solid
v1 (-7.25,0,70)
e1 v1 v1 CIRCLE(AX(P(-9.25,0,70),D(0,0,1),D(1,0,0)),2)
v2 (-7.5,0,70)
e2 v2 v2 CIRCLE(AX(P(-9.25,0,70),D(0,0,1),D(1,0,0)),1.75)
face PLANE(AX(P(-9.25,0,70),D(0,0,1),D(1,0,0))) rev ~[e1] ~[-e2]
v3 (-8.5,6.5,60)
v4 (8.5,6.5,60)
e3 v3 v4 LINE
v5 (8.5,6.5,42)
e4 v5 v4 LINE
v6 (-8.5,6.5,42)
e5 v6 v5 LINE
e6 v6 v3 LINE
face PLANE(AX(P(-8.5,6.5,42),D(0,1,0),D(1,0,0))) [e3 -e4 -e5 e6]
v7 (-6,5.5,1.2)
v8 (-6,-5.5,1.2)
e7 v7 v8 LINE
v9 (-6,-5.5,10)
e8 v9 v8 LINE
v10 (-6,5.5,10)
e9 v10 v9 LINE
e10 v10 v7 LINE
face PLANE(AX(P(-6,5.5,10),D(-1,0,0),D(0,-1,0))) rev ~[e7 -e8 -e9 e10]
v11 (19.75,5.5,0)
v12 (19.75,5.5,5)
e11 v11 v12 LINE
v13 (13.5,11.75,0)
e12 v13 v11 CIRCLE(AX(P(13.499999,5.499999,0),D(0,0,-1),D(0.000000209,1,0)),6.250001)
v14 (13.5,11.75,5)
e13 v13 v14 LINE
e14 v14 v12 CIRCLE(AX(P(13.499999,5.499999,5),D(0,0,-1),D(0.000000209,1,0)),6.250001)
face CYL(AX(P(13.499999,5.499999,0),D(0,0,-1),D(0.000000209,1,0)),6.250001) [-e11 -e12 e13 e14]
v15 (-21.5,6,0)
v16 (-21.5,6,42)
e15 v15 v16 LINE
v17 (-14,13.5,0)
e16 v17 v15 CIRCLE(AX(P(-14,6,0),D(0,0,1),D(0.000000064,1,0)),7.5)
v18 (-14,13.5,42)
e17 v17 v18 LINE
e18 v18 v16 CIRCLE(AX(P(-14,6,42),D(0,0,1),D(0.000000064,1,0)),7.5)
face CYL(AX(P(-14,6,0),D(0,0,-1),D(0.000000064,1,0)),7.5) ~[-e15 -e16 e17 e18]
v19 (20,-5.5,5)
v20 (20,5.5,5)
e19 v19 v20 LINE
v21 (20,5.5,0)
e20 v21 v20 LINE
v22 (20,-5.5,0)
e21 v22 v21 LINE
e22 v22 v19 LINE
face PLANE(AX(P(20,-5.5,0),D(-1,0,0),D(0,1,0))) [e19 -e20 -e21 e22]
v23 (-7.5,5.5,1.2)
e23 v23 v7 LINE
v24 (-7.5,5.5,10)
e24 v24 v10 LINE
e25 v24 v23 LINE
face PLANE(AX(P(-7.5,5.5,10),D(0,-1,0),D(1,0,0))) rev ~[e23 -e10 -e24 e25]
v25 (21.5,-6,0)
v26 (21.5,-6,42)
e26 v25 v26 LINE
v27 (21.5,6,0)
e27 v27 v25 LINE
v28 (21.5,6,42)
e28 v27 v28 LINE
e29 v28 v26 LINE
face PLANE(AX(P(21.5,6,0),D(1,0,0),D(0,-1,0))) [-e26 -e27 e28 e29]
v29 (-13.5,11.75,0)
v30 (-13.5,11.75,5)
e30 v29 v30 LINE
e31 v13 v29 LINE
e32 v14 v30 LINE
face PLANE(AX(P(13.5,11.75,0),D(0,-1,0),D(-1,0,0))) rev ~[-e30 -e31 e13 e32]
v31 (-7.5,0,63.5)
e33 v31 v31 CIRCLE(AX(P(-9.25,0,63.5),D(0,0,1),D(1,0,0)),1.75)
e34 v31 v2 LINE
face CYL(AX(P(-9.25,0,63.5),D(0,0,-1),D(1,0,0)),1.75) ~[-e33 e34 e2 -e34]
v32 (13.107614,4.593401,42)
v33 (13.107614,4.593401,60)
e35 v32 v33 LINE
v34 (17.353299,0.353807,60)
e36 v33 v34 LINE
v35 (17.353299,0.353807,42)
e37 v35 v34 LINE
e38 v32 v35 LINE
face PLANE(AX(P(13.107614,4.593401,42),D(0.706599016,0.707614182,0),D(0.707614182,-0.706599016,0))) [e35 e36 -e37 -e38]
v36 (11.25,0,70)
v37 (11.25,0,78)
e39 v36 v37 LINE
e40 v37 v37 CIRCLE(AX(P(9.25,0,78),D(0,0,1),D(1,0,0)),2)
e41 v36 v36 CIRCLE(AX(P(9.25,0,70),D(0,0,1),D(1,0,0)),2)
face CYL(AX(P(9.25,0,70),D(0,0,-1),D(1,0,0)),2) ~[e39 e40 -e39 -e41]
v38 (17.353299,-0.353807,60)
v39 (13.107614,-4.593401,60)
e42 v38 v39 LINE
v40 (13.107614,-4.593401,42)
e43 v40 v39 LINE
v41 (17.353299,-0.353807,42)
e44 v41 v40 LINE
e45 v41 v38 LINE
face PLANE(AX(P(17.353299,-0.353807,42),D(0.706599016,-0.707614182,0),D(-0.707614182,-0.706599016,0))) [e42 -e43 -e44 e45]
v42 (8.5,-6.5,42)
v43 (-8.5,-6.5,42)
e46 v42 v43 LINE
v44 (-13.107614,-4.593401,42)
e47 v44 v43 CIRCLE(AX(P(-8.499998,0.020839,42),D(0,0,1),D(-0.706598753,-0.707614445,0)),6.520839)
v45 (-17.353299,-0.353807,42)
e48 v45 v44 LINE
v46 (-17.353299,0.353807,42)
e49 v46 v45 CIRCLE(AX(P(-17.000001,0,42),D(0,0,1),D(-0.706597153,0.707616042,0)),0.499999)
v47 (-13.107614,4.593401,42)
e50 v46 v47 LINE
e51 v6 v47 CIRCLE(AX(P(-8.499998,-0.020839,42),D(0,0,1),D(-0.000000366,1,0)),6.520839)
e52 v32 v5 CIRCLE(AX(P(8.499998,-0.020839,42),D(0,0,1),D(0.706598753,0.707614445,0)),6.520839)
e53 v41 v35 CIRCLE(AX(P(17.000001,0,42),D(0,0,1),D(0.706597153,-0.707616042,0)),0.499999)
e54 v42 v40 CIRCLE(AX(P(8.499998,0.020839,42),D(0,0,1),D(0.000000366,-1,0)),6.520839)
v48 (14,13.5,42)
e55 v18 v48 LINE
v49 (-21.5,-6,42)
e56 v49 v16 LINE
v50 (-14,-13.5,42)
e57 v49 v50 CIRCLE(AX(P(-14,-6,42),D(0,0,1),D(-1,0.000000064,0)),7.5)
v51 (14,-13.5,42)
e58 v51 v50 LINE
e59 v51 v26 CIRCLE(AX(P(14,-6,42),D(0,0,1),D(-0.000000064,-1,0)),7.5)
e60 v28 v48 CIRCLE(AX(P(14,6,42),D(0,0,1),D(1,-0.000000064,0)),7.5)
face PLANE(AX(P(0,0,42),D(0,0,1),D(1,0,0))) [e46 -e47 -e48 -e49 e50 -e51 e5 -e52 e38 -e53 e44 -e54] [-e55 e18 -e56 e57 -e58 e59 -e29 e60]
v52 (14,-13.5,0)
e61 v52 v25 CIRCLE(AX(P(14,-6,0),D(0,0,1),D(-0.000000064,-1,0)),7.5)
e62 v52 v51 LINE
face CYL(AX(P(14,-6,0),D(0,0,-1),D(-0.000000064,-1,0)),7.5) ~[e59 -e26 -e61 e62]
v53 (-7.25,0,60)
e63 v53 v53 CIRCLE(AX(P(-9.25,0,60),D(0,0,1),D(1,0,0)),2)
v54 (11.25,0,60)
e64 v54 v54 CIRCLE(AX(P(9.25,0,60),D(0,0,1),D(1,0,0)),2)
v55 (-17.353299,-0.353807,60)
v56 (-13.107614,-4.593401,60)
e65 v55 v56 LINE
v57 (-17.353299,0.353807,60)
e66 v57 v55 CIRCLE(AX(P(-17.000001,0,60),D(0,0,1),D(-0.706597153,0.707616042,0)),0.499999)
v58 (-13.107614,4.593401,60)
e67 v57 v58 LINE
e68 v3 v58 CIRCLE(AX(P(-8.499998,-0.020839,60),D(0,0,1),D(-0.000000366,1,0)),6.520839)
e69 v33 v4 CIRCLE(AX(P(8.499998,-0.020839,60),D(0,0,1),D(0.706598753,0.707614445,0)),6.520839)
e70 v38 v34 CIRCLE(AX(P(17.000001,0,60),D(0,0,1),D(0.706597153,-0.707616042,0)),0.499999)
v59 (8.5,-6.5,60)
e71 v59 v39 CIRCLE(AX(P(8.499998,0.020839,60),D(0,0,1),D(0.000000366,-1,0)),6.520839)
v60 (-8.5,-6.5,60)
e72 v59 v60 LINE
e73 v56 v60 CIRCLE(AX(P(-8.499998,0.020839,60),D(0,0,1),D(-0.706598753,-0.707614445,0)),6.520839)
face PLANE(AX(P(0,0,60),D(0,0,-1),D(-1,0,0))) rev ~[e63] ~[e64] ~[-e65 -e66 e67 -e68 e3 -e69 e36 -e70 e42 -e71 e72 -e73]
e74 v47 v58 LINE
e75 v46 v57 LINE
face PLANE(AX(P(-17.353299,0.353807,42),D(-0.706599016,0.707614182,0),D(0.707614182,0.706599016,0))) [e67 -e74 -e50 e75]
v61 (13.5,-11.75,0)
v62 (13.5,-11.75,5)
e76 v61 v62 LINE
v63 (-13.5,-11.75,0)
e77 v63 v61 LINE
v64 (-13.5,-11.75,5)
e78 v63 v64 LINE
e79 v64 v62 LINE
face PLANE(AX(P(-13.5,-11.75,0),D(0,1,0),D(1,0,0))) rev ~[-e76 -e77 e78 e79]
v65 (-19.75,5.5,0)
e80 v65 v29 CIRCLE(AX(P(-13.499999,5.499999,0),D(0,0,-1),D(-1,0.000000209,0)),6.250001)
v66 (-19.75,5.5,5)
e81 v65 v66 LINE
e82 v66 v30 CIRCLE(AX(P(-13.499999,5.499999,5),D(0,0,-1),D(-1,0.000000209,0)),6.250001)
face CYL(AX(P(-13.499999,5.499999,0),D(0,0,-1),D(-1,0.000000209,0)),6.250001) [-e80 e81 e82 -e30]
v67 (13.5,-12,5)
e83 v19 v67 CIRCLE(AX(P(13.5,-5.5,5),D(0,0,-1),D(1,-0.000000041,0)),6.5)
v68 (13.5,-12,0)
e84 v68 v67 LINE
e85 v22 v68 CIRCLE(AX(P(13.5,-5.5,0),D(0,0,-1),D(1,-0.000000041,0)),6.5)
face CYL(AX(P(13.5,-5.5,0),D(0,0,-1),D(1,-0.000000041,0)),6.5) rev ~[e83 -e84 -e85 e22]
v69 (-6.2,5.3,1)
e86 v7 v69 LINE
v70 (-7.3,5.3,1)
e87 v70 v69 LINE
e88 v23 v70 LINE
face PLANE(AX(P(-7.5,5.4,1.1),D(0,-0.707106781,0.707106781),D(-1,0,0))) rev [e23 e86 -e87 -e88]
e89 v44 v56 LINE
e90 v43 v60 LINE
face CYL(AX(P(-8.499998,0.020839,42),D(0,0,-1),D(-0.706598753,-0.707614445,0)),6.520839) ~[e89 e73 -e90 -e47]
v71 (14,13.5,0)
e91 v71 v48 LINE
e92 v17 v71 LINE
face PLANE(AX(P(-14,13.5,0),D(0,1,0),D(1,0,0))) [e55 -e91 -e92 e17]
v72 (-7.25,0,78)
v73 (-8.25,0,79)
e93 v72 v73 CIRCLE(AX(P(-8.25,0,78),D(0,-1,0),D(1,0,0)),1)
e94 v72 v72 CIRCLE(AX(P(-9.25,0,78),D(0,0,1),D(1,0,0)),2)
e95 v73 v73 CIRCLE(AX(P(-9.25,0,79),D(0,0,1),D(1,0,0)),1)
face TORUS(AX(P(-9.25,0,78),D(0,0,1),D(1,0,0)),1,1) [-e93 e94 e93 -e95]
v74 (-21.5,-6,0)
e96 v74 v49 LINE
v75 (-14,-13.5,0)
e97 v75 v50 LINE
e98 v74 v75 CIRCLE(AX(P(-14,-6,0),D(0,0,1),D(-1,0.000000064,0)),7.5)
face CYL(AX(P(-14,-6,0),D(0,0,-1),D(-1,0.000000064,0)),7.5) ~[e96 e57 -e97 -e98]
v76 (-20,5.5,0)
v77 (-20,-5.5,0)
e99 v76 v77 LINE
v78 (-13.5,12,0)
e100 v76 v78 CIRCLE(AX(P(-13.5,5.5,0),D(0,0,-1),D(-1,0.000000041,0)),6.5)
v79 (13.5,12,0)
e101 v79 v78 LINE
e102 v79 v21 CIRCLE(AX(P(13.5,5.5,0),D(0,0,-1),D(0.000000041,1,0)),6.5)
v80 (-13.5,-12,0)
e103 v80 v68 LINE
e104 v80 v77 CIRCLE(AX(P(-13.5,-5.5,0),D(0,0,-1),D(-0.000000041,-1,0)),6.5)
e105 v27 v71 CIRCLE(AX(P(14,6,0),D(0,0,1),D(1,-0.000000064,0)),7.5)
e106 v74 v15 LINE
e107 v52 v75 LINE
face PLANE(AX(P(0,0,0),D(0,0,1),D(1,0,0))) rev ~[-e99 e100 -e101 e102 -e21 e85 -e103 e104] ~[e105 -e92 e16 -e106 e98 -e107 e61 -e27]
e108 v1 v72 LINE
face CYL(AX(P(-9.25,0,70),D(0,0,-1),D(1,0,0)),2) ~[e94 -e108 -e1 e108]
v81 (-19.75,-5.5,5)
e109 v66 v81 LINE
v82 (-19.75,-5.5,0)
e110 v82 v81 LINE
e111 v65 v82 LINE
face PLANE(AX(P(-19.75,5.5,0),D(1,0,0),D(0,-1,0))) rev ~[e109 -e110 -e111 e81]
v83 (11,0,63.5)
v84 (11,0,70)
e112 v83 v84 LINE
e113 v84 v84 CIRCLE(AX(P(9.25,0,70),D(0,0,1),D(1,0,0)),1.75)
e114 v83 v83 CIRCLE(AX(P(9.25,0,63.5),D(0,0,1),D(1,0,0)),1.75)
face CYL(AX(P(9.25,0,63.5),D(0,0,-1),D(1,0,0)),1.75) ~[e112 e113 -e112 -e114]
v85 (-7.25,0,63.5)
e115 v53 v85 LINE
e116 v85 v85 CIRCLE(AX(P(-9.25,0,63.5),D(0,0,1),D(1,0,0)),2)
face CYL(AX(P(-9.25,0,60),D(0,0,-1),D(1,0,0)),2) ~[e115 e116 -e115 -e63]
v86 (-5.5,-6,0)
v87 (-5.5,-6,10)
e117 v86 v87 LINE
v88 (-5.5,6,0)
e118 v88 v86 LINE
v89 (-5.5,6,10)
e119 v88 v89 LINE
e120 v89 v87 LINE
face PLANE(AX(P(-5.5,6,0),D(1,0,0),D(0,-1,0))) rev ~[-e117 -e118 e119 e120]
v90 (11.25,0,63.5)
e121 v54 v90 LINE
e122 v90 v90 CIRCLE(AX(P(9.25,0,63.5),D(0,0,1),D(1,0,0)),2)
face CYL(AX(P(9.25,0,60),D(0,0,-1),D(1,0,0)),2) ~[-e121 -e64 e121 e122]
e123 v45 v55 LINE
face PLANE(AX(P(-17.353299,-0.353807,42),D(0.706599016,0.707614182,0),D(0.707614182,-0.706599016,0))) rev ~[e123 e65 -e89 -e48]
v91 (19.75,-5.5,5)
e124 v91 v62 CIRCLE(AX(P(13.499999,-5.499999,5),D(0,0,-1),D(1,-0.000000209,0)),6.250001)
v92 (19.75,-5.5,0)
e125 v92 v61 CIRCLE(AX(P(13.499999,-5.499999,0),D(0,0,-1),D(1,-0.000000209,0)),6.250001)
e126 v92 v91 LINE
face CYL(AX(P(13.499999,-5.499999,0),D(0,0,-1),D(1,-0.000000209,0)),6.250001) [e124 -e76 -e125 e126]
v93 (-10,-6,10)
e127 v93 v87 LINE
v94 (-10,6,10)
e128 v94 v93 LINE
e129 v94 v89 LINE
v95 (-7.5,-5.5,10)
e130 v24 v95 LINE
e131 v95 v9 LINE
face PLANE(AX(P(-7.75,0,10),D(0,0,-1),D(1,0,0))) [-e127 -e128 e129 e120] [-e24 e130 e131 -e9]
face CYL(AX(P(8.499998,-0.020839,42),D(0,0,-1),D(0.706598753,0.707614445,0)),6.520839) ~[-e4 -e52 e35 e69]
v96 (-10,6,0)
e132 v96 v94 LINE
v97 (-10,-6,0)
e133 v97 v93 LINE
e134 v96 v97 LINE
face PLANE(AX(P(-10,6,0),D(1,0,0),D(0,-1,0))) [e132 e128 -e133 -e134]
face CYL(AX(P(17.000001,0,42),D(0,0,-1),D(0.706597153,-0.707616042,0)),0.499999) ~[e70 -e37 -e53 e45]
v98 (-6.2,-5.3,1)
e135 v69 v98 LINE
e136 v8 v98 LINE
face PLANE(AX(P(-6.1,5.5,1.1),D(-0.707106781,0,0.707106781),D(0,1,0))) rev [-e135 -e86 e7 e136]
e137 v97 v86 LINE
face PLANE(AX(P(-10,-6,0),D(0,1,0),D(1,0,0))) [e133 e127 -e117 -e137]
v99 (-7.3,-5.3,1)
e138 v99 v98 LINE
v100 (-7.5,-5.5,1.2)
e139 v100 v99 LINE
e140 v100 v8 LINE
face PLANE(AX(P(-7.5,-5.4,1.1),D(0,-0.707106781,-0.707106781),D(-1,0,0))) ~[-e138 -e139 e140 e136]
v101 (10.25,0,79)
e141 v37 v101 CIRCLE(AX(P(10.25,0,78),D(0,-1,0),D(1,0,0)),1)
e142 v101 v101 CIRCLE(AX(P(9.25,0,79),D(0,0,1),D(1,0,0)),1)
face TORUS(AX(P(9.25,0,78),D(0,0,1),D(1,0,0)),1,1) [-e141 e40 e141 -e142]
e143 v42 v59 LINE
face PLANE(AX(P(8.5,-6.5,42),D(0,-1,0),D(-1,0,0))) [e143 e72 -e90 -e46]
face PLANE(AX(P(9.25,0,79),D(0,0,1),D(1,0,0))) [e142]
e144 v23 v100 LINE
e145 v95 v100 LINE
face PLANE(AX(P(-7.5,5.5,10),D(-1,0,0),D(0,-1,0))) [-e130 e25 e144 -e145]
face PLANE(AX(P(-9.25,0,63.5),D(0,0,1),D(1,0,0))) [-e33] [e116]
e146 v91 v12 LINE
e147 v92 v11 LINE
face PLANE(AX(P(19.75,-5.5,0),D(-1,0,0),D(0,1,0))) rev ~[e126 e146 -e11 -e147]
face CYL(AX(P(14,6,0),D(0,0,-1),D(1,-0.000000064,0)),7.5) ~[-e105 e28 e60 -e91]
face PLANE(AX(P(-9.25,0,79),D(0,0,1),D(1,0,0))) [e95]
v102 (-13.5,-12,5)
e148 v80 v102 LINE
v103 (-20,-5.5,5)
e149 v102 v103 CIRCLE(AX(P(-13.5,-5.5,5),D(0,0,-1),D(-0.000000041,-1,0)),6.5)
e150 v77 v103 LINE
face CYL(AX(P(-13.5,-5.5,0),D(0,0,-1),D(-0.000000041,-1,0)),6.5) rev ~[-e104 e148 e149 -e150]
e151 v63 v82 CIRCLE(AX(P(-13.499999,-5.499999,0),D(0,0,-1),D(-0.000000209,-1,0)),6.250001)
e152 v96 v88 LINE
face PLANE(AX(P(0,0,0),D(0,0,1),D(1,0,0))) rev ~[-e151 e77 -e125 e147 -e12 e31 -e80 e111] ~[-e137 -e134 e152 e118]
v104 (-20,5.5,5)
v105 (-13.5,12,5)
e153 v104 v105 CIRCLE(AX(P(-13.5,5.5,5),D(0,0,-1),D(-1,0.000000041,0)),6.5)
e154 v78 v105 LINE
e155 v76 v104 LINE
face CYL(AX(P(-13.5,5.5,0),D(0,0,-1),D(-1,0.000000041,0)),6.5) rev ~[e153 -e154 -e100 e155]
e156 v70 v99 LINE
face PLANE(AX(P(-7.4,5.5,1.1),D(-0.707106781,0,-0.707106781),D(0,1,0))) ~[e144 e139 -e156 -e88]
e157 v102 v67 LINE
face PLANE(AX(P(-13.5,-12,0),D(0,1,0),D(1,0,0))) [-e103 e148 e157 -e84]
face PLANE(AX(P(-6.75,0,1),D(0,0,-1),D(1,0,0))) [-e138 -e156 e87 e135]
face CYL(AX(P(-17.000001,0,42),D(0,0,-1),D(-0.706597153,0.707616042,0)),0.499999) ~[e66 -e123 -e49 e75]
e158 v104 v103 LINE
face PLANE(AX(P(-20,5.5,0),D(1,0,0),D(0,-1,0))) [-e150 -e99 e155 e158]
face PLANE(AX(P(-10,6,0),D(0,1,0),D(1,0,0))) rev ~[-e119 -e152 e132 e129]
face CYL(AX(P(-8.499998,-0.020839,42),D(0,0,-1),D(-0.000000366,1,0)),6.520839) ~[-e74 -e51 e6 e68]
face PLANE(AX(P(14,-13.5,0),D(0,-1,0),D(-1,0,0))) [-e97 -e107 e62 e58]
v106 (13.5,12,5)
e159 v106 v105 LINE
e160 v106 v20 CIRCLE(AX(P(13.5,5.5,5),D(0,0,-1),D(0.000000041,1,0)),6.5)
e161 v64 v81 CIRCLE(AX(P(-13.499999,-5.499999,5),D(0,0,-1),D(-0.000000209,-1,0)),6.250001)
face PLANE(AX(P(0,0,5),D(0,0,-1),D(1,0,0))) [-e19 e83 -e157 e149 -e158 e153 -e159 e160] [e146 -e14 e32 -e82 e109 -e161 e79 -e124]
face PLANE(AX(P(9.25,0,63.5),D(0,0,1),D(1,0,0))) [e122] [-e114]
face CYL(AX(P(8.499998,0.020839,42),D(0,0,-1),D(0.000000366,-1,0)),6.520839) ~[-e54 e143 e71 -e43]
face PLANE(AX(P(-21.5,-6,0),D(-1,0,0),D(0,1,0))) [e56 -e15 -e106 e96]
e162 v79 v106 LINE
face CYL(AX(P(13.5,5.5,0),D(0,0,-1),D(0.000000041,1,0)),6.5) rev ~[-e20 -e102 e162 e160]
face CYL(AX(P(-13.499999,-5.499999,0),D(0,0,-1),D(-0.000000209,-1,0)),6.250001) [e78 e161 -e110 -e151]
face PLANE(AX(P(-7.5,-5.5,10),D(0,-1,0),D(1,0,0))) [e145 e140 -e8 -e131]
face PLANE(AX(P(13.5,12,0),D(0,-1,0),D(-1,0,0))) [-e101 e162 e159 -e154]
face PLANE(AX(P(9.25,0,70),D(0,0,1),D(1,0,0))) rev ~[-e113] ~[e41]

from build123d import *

# Parameters (mm, degrees)
PAD_DEPTH       = 42
PAD001_DEPTH    = 18
SKETCH002_R     = 2
PAD002_DEPTH    = 3.5
SKETCH003_R     = 1.75
PAD003_DEPTH    = 6.5
SKETCH004_R     = 2
PAD004_DEPTH    = 9
FILLET_R        = 1
POCKET_DEPTH    = 5
SKETCH006_W     = 4.5
SKETCH006_H     = 12
POCKET001_DEPTH = 10
SKETCH007_W     = 1.5
SKETCH007_H     = 11
PAD005_DEPTH    = 9
CHAMFER_SIZE    = 0.2


with BuildPart() as part:
    # Sketch → Pad (new body)
    with BuildSketch(Plane.XY):
        with BuildLine():
            ThreePointArc((-14, 13.5), (-19.303301, 11.303301), (-21.5, 6))
            Line((-21.5, -6), (-21.5, 6))
            ThreePointArc((-21.5, -6), (-19.303301, -11.303301), (-14, -13.5))
            Line((14, -13.5), (-14, -13.5))
            ThreePointArc((14, -13.5), (19.303301, -11.303301), (21.5, -6))
            Line((21.5, 6), (21.5, -6))
            ThreePointArc((21.5, 6), (19.303301, 11.303301), (14, 13.5))
            Line((-14, 13.5), (14, 13.5))
        make_face()
    extrude(amount=PAD_DEPTH)

    # Sketch001 (on Face10 of Pad) → Pad001 (join)
    with BuildSketch(Plane.XY.offset(42)):
        with BuildLine():
            Line((-8.5, 6.5), (8.5, 6.5))
            ThreePointArc((13.107614, 4.593401), (10.993252, 6.004526), (8.5, 6.5))
            Line((13.107614, 4.593401), (17.353299, 0.353807))
            ThreePointArc((17.353299, -0.353807), (17.5, 0), (17.353299, 0.353807))
            Line((17.353299, -0.353807), (13.107614, -4.593401))
            ThreePointArc((8.5, -6.5), (10.993252, -6.004526), (13.107614, -4.593401))
            Line((8.5, -6.5), (-8.5, -6.5))
            ThreePointArc((-13.107614, -4.593401), (-10.993252, -6.004526), (-8.5, -6.5))
            Line((-17.353299, -0.353807), (-13.107614, -4.593401))
            ThreePointArc((-17.353299, 0.353807), (-17.5, 0), (-17.353299, -0.353807))
            Line((-17.353299, 0.353807), (-13.107614, 4.593401))
            ThreePointArc((-8.5, 6.5), (-10.993252, 6.004526), (-13.107614, 4.593401))
        make_face()
    extrude(amount=PAD001_DEPTH)

    # Sketch002 (on Face23 of Pad001) → Pad002 (join)
    with BuildSketch(Plane.XY.offset(60)):
        with Locations((-9.25, 0)):
            Circle(SKETCH002_R)
        with Locations((9.25, 0)):
            Circle(SKETCH002_R)
    extrude(amount=PAD002_DEPTH)

    # Sketch003 (on Face27 of Pad002) → Pad003 (join)
    with BuildSketch(Plane.XY.offset(63.5)):
        with Locations((9.25, 0)):
            Circle(SKETCH003_R)
        with Locations((-9.25, 0)):
            Circle(SKETCH003_R)
    extrude(amount=PAD003_DEPTH)

    # Sketch004 (on Face31 of Pad003) → Pad004 (join)
    with BuildSketch(Plane.XY.offset(70)):
        with Locations((9.25, 0)):
            Circle(SKETCH004_R)
        with Locations((-9.25, 0)):
            Circle(SKETCH004_R)
    extrude(amount=PAD004_DEPTH)

    # Fillet
    fillet_edges = [part.edges().sort_by_distance(p)[0] for p in [
        (-11.25, 0, 79),
        (7.25, 0, 79),
    ]]
    fillet(fillet_edges, radius=FILLET_R)

    # Sketch005 (on Face33 of Fillet) → Pocket (cut)
    with BuildSketch(Plane(origin=(0, 0, 0), x_dir=(1, 0, 0), z_dir=(0, 0, -1))):
        with BuildLine():
            ThreePointArc((-13.5, 12), (-18.096194, 10.096194), (-20, 5.5))
            Line((-20, -5.5), (-20, 5.5))
            ThreePointArc((-20, -5.5), (-18.096194, -10.096194), (-13.5, -12))
            Line((13.5, -12), (-13.5, -12))
            ThreePointArc((13.5, -12), (18.096194, -10.096194), (20, -5.5))
            Line((20, 5.5), (20, -5.5))
            ThreePointArc((20, 5.5), (18.096194, 10.096194), (13.5, 12))
            Line((-13.5, 12), (13.5, 12))
        make_face()
        with BuildLine():
            ThreePointArc((-13.5, 11.75), (-17.919417, 9.919417), (-19.75, 5.5))
            Line((-19.75, -5.5), (-19.75, 5.5))
            ThreePointArc((-19.75, -5.5), (-17.919417, -9.919417), (-13.5, -11.75))
            Line((13.5, -11.75), (-13.5, -11.75))
            ThreePointArc((13.5, -11.75), (17.919417, -9.919417), (19.75, -5.5))
            Line((19.75, 5.5), (19.75, -5.5))
            ThreePointArc((19.75, 5.5), (17.919417, 9.919417), (13.5, 11.75))
            Line((-13.5, 11.75), (13.5, 11.75))
        make_face(mode=Mode.SUBTRACT)
    extrude(amount=-POCKET_DEPTH, mode=Mode.SUBTRACT)

    # Sketch006 (on Face55 of Pocket) → Pocket001 (cut)
    with BuildSketch(Plane(origin=(0, 0, 0), x_dir=(1, 0, 0), z_dir=(0, 0, -1))):
        with Locations((-7.75, 0)):
            Rectangle(SKETCH006_W, SKETCH006_H)
    extrude(amount=-POCKET001_DEPTH, mode=Mode.SUBTRACT)

    # Sketch007 (on Face60 of Pocket001) → Pad005 (join)
    with BuildSketch(Plane(origin=(0, 0, 10), x_dir=(1, 0, 0), z_dir=(0, 0, -1))):
        with Locations((-6.75, 0)):
            Rectangle(SKETCH007_W, SKETCH007_H)
    extrude(amount=PAD005_DEPTH)

    # Chamfer
    chamfer_edges = [part.edges().sort_by_distance(p)[0] for p in [
        (-7.5, 0, 1),
        (-6.75, 5.5, 1),
        (-6, 0, 1),
        (-6.75, -5.5, 1),
    ]]
    chamfer(chamfer_edges, length=CHAMFER_SIZE)


solid = part.part
